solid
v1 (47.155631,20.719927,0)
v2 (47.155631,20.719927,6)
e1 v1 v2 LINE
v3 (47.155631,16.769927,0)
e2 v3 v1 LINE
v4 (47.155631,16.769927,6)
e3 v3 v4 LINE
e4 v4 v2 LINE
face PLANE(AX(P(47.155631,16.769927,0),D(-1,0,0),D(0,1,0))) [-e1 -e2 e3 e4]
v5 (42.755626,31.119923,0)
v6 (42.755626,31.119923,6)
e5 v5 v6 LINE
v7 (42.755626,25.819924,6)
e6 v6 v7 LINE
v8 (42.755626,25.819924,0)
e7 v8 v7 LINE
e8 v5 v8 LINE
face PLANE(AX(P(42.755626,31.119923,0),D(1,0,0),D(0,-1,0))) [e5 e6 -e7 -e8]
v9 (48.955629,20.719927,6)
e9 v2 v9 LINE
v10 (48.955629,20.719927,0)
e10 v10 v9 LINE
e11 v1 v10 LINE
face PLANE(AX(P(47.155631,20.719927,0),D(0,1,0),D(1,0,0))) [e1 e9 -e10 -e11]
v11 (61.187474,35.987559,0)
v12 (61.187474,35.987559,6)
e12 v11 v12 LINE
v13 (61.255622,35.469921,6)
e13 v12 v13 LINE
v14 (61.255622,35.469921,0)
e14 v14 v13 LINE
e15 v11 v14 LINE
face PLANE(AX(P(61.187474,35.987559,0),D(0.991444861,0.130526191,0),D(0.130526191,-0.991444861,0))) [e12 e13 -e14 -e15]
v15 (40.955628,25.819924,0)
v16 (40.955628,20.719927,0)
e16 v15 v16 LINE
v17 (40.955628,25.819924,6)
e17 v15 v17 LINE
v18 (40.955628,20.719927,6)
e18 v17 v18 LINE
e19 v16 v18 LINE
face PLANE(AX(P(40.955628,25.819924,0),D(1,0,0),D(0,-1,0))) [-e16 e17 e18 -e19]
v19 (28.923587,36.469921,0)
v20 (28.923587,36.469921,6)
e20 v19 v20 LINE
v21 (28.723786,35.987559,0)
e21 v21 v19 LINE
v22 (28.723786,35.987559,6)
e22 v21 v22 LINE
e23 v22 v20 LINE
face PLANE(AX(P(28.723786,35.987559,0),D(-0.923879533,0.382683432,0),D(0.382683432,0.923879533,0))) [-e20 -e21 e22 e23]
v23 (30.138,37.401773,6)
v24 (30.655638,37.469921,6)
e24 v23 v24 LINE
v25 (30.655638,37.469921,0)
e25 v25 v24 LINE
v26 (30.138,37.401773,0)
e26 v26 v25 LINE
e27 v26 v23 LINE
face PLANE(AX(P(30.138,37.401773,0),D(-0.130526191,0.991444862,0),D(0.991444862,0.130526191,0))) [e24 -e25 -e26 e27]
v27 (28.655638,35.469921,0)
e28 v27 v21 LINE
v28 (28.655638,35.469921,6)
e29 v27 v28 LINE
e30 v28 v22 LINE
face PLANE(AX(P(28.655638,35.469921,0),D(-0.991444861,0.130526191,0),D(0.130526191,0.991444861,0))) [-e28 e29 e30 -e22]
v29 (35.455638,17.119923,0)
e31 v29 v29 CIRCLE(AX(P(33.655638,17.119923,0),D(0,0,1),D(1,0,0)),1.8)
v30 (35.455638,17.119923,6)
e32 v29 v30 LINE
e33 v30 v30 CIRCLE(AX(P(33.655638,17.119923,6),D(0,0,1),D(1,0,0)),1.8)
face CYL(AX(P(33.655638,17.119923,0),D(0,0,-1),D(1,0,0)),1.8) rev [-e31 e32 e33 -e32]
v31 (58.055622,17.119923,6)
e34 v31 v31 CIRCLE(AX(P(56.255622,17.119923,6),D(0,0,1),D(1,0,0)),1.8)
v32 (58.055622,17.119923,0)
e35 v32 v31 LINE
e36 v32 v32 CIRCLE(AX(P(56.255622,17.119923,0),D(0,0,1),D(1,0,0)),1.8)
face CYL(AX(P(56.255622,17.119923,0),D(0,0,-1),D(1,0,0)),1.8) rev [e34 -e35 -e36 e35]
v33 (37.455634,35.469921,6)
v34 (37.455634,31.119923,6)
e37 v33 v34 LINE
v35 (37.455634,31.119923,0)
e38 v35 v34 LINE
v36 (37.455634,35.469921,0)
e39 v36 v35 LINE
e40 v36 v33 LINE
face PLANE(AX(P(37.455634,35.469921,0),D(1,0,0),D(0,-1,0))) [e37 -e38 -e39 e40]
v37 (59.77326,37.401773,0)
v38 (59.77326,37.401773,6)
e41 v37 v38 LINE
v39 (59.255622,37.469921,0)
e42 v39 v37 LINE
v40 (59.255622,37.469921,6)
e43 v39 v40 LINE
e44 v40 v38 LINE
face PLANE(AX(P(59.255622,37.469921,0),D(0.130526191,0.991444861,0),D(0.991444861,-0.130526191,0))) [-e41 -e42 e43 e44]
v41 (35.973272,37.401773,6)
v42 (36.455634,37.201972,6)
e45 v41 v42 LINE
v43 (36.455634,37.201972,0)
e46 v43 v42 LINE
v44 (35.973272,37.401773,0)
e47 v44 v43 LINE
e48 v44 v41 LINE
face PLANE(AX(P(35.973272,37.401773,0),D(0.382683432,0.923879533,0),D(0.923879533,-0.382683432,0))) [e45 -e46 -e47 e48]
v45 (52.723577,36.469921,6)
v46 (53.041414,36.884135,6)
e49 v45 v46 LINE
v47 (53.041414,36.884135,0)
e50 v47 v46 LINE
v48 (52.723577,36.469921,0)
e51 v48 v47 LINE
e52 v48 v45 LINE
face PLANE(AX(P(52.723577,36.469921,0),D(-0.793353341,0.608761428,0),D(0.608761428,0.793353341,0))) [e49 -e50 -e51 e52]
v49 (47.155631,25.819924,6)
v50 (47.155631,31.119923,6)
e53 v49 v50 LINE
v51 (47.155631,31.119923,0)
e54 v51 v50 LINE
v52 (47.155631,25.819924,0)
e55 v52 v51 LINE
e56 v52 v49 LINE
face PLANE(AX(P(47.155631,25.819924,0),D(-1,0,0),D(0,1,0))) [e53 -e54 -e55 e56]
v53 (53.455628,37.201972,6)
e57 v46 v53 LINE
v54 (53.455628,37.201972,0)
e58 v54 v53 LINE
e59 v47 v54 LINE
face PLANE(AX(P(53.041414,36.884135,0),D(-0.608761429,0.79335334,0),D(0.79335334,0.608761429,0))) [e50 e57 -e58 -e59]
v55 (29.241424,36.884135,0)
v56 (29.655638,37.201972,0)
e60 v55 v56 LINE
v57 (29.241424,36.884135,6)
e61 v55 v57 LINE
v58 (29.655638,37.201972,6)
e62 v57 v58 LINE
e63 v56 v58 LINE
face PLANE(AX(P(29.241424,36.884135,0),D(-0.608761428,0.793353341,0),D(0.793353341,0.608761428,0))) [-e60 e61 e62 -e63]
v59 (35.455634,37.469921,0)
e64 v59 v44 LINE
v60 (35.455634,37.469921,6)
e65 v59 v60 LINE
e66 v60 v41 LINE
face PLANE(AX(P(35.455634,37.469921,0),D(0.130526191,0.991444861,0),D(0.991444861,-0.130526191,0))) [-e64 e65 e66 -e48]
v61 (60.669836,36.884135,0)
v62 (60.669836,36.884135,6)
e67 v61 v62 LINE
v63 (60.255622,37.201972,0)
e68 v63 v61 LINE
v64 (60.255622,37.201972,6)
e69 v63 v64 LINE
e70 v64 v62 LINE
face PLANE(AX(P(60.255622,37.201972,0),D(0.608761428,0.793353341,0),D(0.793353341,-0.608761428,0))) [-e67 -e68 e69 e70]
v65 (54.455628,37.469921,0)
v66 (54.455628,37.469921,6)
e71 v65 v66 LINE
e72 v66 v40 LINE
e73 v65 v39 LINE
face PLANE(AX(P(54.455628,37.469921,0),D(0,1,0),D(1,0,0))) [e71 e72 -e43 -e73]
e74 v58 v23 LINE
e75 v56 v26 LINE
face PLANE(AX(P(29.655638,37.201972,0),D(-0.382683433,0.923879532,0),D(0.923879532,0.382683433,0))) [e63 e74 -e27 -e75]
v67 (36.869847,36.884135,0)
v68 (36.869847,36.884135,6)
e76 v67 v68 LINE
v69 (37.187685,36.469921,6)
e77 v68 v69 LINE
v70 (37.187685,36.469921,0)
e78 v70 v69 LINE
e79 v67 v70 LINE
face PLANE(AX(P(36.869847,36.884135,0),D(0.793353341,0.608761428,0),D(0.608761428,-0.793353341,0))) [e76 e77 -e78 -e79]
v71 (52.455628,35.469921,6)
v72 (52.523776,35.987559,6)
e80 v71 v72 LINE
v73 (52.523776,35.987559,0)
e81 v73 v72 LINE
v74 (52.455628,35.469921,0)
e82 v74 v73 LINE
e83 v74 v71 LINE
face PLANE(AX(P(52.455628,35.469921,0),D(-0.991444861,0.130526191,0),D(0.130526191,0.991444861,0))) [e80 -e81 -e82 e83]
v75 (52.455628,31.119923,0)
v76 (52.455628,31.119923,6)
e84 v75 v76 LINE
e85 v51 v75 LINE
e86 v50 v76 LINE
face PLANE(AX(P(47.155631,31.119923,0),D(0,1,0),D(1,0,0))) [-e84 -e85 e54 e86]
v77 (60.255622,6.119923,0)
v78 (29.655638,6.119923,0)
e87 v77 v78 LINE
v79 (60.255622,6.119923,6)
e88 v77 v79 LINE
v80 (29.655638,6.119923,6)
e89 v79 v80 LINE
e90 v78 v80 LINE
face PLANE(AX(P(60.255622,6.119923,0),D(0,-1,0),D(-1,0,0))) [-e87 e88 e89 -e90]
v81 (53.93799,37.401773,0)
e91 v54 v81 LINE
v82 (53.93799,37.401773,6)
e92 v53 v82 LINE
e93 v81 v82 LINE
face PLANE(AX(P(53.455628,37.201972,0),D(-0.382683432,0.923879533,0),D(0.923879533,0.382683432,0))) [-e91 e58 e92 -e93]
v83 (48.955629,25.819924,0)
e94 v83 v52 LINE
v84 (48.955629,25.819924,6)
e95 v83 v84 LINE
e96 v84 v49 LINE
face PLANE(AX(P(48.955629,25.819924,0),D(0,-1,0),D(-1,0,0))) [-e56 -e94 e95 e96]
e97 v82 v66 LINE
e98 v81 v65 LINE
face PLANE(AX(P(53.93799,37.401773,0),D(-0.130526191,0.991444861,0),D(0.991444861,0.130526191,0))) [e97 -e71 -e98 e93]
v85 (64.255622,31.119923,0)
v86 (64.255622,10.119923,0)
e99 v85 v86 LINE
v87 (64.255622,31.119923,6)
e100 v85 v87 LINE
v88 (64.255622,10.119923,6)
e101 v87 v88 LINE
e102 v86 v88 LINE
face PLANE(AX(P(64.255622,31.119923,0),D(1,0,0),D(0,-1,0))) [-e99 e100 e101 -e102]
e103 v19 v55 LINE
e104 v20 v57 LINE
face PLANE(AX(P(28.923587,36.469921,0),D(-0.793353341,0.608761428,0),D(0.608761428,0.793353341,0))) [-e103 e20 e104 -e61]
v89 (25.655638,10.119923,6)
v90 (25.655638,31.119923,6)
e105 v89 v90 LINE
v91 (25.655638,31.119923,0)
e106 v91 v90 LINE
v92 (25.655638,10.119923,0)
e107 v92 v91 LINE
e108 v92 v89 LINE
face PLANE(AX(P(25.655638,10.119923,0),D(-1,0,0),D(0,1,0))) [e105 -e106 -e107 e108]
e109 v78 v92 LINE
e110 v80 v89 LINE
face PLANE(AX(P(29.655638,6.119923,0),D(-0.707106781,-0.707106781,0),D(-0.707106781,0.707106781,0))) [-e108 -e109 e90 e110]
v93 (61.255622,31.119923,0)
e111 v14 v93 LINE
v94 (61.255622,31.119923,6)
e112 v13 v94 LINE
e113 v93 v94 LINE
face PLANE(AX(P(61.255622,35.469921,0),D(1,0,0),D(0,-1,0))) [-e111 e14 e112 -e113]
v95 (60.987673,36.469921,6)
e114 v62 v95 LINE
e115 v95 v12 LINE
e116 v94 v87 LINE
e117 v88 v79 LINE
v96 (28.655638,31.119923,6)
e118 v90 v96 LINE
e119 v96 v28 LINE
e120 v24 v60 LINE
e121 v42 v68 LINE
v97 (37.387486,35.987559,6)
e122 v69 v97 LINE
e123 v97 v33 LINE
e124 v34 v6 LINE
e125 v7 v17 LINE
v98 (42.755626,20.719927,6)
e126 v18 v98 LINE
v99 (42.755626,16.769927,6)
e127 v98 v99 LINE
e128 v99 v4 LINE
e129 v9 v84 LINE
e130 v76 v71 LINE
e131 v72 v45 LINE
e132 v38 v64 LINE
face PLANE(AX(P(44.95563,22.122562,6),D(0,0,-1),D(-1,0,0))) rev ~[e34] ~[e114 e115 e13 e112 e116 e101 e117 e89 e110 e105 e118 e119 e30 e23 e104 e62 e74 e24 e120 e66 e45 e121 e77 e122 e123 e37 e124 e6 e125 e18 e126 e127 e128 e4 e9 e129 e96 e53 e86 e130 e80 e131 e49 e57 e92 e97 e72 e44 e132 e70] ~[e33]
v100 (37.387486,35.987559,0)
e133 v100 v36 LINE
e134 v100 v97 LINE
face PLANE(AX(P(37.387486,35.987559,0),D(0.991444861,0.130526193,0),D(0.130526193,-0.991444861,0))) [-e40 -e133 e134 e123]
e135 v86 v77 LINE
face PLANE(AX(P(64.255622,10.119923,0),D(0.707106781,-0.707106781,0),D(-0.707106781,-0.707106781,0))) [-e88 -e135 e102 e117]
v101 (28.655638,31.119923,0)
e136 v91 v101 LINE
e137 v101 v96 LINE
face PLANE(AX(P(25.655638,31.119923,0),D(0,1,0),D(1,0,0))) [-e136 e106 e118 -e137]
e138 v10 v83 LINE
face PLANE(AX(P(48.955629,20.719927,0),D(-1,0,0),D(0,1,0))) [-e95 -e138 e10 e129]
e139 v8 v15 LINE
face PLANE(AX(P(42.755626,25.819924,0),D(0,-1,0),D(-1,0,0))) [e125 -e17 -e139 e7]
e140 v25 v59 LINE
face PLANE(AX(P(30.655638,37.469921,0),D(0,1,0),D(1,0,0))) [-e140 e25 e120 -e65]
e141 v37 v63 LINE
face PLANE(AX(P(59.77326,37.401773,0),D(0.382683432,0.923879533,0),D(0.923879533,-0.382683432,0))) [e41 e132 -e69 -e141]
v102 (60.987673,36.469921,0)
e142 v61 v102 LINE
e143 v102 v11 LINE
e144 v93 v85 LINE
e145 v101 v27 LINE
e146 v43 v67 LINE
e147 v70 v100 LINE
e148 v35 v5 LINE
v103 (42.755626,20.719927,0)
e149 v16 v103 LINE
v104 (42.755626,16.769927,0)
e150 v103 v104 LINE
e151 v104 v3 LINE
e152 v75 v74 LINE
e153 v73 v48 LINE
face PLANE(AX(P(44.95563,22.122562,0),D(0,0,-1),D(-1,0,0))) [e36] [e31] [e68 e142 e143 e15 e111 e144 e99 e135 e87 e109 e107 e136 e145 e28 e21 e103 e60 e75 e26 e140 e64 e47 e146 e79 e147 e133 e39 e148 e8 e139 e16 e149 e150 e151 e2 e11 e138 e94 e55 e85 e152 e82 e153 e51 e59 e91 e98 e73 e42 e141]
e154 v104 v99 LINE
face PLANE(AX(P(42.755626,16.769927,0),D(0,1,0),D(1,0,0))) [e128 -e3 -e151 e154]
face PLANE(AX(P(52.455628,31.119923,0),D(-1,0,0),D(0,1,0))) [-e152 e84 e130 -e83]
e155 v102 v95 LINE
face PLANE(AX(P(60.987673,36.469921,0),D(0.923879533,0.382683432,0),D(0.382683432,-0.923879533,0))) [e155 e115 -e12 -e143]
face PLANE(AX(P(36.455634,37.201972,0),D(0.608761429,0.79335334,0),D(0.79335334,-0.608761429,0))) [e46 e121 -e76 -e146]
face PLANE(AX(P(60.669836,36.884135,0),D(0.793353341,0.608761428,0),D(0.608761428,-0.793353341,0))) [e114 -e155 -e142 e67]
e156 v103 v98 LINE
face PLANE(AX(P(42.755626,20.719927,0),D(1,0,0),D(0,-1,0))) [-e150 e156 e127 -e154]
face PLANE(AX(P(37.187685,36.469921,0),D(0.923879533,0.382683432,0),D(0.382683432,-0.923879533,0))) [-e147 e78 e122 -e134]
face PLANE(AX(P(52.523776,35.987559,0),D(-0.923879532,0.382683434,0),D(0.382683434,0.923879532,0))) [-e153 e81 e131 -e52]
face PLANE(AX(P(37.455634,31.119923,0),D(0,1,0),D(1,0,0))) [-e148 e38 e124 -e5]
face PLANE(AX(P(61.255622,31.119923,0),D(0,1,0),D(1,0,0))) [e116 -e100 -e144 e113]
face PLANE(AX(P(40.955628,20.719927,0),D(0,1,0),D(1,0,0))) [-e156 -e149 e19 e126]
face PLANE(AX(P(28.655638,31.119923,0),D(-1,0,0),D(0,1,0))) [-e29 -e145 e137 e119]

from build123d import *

# Parameters (mm, degrees)
MODEL_R                  = 1.8
RESSALTO_EXTRUS_O1_DEPTH = 6


with BuildPart() as part:
    # Model → Ressalto-extrusão1 (new body)
    with BuildSketch(Plane.XY):
        Polygon((53.041414253, 36.88413465), (53.455627815, 37.201971895), (53.937989725, 37.40177274), (54.455627815, 37.469921087), (59.255622257, 37.469921087), (59.773260347, 37.40177274), (60.255622257, 37.201971895), (60.66983582, 36.88413465), (60.987673065, 36.469921087), (61.18747391, 35.987559177), (61.255622257, 35.469921087), (61.255622257, 31.119923196), (64.255622257, 31.119923196), (64.255622257, 10.119923196), (60.255622257, 6.119923196), (29.655637917, 6.119923196), (25.655637917, 10.119923196), (25.655637917, 31.119923196), (28.655637917, 31.119923196), (28.655637917, 35.469921087), (28.723786264, 35.987559177), (28.923587109, 36.469921087), (29.241424354, 36.88413465), (29.655637917, 37.201971895), (30.137999826, 37.40177274), (30.655637917, 37.469921087), (35.455633882, 37.469921087), (35.973271972, 37.40177274), (36.455633882, 37.201971895), (36.869847444, 36.88413465), (37.187684689, 36.469921087), (37.387485534, 35.987559177), (37.455633882, 35.469921087), (37.455633882, 31.119923196), (42.755625888, 31.119923196), (42.755625888, 25.819924374), (40.955627657, 25.819924374), (40.955627657, 20.71992661), (42.755625888, 20.71992661), (42.755625888, 16.769926787), (47.15563056, 16.769926787), (47.15563056, 20.71992661), (48.955628792, 20.71992661), (48.955628792, 25.819924374), (47.15563056, 25.819924374), (47.15563056, 31.119923196), (52.455627815, 31.119923196), (52.455627815, 35.469921087), (52.523776162, 35.987559177), (52.723577008, 36.469921087), align=None)
        with Locations((56.255622257, 17.119923196)):
            Circle(MODEL_R, mode=Mode.SUBTRACT)
        with Locations((33.655637917, 17.119923196)):
            Circle(MODEL_R, mode=Mode.SUBTRACT)
    extrude(amount=RESSALTO_EXTRUS_O1_DEPTH)


solid = part.part
